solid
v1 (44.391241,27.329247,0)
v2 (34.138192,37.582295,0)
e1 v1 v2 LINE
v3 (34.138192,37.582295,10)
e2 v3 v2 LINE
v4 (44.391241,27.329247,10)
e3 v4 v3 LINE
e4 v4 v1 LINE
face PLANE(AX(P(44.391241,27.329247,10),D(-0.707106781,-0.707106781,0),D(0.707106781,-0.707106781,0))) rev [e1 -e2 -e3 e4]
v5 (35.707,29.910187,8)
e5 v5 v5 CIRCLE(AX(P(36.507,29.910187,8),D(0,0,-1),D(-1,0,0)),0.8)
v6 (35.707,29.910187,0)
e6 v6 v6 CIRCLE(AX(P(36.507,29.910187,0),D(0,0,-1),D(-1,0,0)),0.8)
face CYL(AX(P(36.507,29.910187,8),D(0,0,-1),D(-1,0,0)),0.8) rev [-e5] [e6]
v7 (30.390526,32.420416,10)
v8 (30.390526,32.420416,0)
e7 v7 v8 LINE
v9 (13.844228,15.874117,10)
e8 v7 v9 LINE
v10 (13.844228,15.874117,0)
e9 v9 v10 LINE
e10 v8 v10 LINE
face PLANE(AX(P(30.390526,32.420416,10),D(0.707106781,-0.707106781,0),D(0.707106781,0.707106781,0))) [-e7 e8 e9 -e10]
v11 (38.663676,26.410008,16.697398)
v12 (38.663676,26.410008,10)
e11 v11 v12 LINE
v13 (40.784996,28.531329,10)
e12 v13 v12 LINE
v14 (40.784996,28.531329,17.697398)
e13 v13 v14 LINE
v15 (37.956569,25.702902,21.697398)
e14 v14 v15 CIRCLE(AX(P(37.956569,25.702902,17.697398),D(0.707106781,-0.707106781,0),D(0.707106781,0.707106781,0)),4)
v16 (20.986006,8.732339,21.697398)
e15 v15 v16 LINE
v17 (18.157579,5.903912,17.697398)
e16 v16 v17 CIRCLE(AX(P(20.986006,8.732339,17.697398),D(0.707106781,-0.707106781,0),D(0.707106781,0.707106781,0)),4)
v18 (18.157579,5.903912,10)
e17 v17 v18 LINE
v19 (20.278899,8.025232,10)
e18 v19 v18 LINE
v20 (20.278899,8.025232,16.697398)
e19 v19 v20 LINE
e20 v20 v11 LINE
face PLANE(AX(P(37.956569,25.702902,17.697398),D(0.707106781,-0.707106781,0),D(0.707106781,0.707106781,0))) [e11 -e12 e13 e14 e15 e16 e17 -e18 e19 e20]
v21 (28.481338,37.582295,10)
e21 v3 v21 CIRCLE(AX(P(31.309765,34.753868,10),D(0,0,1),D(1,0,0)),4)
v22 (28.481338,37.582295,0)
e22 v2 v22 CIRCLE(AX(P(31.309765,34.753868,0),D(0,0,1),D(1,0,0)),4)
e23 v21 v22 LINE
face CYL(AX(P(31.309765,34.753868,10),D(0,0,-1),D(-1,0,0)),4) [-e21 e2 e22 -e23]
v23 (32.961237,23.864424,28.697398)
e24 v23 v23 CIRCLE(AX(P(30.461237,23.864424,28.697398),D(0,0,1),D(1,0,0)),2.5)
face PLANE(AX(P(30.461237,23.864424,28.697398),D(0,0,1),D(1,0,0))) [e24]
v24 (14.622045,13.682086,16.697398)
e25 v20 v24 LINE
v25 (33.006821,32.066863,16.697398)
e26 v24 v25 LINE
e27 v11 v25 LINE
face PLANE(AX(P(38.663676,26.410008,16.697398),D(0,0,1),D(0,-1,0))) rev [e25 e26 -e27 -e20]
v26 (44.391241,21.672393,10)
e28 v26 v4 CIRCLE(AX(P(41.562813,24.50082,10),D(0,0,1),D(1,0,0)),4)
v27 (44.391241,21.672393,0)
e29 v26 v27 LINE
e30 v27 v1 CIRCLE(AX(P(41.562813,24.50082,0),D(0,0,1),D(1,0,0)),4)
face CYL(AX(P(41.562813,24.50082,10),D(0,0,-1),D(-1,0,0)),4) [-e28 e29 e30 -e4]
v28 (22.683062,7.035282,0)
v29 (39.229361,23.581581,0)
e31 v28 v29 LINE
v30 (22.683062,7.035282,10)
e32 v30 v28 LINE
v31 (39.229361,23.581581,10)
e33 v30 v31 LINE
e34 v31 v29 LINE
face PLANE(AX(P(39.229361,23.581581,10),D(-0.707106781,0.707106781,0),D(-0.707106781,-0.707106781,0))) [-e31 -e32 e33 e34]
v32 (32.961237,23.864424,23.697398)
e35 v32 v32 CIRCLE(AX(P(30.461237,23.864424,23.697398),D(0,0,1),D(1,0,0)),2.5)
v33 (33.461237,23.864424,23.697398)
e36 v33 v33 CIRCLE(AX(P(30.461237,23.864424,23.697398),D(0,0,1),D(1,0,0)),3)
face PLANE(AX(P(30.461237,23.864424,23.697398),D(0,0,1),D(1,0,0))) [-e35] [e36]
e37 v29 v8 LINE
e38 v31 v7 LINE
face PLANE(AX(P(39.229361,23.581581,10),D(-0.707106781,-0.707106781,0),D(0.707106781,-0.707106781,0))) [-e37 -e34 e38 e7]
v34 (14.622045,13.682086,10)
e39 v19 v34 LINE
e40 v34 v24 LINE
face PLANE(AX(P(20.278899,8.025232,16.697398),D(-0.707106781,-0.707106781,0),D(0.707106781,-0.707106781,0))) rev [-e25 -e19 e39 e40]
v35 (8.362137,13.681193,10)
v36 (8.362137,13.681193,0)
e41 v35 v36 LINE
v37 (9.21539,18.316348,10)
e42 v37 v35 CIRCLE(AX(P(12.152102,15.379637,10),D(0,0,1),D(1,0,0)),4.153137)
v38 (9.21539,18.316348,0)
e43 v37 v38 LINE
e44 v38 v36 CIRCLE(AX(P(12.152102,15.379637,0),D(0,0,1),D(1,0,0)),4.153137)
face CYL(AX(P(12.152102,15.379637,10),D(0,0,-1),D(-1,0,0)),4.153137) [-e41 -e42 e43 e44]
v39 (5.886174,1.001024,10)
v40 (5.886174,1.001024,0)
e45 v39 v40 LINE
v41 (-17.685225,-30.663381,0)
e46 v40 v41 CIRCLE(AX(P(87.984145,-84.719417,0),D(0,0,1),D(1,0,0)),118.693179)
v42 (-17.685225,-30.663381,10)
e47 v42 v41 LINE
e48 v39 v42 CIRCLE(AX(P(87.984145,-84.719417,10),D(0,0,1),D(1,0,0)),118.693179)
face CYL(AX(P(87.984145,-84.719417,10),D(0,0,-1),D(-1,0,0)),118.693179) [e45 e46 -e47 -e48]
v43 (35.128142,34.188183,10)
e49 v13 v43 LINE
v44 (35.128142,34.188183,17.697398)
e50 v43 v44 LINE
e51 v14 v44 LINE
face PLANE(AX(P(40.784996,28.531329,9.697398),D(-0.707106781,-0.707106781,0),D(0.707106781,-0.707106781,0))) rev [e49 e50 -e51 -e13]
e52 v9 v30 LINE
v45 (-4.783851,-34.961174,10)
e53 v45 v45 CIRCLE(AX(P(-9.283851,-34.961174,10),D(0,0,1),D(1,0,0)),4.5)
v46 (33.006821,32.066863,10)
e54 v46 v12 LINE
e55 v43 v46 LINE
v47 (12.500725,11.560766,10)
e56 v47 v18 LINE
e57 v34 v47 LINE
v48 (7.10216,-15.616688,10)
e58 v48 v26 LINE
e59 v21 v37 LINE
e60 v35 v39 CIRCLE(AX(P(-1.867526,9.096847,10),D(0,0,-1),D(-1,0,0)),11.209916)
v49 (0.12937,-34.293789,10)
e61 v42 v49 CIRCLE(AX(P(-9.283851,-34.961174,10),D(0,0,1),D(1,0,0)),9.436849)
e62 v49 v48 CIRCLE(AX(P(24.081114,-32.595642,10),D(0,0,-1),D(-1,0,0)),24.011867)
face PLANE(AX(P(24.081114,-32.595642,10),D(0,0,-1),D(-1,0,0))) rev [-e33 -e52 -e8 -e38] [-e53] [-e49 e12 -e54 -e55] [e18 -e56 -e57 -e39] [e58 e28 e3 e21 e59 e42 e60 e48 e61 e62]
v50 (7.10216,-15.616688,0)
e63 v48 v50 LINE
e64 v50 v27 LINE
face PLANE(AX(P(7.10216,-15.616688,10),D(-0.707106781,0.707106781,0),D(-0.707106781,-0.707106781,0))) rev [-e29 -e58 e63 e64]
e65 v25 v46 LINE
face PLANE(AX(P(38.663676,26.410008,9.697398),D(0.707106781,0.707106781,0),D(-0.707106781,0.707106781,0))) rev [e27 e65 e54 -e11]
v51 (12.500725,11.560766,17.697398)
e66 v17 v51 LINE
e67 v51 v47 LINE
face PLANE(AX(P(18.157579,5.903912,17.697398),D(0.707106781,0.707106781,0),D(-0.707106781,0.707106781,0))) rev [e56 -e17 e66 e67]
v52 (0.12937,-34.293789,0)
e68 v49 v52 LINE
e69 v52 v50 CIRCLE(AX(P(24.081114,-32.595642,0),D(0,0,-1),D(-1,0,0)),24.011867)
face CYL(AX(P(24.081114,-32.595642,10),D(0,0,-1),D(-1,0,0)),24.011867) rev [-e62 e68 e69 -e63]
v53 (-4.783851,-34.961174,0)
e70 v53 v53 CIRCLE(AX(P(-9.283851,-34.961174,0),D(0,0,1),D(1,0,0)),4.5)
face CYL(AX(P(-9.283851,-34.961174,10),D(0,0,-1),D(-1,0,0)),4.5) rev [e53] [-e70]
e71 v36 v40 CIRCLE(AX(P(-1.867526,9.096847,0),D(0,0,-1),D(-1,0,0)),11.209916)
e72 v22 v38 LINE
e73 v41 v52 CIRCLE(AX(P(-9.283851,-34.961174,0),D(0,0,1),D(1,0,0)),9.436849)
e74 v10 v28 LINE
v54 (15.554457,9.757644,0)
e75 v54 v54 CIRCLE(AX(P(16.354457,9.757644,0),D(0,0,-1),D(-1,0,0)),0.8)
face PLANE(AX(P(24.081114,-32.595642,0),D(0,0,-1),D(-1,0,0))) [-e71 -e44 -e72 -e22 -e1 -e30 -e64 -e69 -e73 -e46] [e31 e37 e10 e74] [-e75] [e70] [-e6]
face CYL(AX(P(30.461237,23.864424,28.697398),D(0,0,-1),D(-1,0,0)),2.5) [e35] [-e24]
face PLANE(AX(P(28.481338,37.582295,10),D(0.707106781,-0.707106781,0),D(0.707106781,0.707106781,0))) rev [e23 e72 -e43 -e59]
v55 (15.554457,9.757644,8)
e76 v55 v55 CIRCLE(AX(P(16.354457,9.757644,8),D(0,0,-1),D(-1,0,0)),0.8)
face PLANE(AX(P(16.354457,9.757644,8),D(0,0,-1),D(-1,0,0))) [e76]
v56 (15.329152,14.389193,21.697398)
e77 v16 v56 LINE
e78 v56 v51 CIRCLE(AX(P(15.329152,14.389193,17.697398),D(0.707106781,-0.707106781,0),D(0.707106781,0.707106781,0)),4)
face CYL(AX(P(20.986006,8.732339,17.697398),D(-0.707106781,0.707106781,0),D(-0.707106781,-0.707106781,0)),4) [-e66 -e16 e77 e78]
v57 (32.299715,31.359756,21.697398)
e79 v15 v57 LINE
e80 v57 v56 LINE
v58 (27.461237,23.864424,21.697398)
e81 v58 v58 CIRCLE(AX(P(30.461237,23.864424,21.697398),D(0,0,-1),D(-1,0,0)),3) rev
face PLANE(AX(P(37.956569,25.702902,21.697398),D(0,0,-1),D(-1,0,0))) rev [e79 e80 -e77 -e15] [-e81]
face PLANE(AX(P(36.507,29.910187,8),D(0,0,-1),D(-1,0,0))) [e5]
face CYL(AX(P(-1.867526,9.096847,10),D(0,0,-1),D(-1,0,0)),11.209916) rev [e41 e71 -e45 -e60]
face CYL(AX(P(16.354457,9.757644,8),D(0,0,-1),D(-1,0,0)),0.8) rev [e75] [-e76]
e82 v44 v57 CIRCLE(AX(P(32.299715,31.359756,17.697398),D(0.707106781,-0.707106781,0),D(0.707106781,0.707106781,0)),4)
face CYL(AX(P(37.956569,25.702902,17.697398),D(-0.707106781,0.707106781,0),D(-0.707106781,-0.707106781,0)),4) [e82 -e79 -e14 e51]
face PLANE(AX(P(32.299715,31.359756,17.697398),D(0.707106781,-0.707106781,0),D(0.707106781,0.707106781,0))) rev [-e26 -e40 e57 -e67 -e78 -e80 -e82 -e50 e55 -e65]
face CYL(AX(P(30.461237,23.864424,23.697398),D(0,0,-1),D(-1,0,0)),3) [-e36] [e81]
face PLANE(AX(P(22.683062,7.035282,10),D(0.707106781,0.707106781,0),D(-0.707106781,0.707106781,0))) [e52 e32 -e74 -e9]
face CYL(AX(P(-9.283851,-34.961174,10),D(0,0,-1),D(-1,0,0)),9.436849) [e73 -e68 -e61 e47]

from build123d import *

# Parameters (mm, degrees)
SKETCH_2_R          = 4.5
EXTRUDE_1_DEPTH     = 10
EXTRUDE_2_DEPTH     = 4
SKETCH_12_R         = 0.8
CUT_EXTRUDE_2_DEPTH = 8
SKETCH_13_R         = 3
EXTRUDE_3_DEPTH     = 2
SKETCH_19_R         = 2.5
EXTRUDE_5_DEPTH     = 5


with BuildPart() as part:
    # 草图2 → 凸台-拉伸1 (new body)
    with BuildSketch(Plane.XY):
        with BuildLine():
            Line((7.102160211, -15.616687508), (44.391240582, 21.672392863))
            ThreePointArc((44.391240582, 21.672392863), (45.562813457, 24.500819988), (44.391240582, 27.329247112))
            Line((44.391240582, 27.329247112), (34.138192255, 37.58229544))
            ThreePointArc((34.138192255, 37.58229544), (31.30976513, 38.753868315), (28.481338005, 37.58229544))
            Line((28.481338005, 37.58229544), (9.215390399, 18.316347834))
            ThreePointArc((9.215390399, 18.316347834), (8.067593218, 16.131525495), (8.362136672, 13.681192624))
            ThreePointArc((8.362136672, 13.681192624), (9.134610316, 6.948541986), (5.886174479, 1.001024456))
            ThreePointArc((5.886174479, 1.001024456), (-7.225109998, -13.84439598), (-17.685225472, -30.663381468))
            ThreePointArc((-17.685225472, -30.663381468), (-11.168239652, -44.207967845), (0.129369861, -34.293788928))
            ThreePointArc((0.129369861, -34.293788928), (1.585802578, -24.197384934), (7.102160211, -15.616687508))
        make_face()
        with Locations((-9.283850525, -34.961173895)):
            Circle(SKETCH_2_R, mode=Mode.SUBTRACT)
        Polygon((39.229361079, 23.581581172), (22.6830624, 7.035282492), (13.844227635, 15.874117257), (30.390526315, 32.420415937), align=None, mode=Mode.SUBTRACT)
    extrude(amount=EXTRUDE_1_DEPTH)

    # 草图4 → 凸台-拉伸2 (add, symmetric)
    with BuildSketch(Plane(origin=(3.298406554, -3.298406554, 0), x_dir=(0, 0, -1), z_dir=(0.7071067811865492, -0.7071067811865458, 0))):
        with BuildLine():
            Line((-9.697397979, 20.014043199), (-9.697397979, 17.014043199))
            Line((-9.697397979, 17.014043199), (-17.697397979, 17.014043199))
            ThreePointArc((-17.697397979, 17.014043199), (-20.525825104, 18.185616074), (-21.697397979, 21.014043199))
            Line((-21.697397979, 21.014043199), (-21.697397979, 45.014043199))
            ThreePointArc((-21.697397979, 45.014043199), (-20.525825104, 47.842470323), (-17.697397979, 49.014043199))
            Line((-17.697397979, 49.014043199), (-9.697397979, 49.014043199))
            Line((-9.697397979, 49.014043199), (-9.697397979, 46.014043199))
            Line((-9.697397979, 46.014043199), (-16.697397979, 46.014043199))
            Line((-16.697397979, 46.014043199), (-16.697397979, 20.014043199))
            Line((-16.697397979, 20.014043199), (-9.697397979, 20.014043199))
        make_face()
    extrude(amount=EXTRUDE_2_DEPTH, both=True)

    # 草图12 → 切除-拉伸2 (cut)
    with BuildSketch(Plane(origin=(0, 0, 0), x_dir=(-1, 0, 0), z_dir=(0, 0, -1))):
        with Locations((-16.354456708, 9.7576436)):
            Circle(SKETCH_12_R)
        with Locations((-36.506999972, 29.910186864)):
            Circle(SKETCH_12_R)
    extrude(amount=-CUT_EXTRUDE_2_DEPTH, mode=Mode.SUBTRACT)

    # 草图13 → 凸台-拉伸3 (add)
    with BuildSketch(Plane.XY.offset(21.697397979)):
        with Locations(Location((30.461236993, 23.864423885, 0), (0, 0, 180))):
            Circle(SKETCH_13_R)
    extrude(amount=EXTRUDE_3_DEPTH)

    # 草图19 → 凸台-拉伸5 (add)
    with BuildSketch(Plane.XY.offset(23.697397979)):
        with Locations((30.461236993, 23.864423885)):
            Circle(SKETCH_19_R)
    extrude(amount=EXTRUDE_5_DEPTH)


solid = part.part
